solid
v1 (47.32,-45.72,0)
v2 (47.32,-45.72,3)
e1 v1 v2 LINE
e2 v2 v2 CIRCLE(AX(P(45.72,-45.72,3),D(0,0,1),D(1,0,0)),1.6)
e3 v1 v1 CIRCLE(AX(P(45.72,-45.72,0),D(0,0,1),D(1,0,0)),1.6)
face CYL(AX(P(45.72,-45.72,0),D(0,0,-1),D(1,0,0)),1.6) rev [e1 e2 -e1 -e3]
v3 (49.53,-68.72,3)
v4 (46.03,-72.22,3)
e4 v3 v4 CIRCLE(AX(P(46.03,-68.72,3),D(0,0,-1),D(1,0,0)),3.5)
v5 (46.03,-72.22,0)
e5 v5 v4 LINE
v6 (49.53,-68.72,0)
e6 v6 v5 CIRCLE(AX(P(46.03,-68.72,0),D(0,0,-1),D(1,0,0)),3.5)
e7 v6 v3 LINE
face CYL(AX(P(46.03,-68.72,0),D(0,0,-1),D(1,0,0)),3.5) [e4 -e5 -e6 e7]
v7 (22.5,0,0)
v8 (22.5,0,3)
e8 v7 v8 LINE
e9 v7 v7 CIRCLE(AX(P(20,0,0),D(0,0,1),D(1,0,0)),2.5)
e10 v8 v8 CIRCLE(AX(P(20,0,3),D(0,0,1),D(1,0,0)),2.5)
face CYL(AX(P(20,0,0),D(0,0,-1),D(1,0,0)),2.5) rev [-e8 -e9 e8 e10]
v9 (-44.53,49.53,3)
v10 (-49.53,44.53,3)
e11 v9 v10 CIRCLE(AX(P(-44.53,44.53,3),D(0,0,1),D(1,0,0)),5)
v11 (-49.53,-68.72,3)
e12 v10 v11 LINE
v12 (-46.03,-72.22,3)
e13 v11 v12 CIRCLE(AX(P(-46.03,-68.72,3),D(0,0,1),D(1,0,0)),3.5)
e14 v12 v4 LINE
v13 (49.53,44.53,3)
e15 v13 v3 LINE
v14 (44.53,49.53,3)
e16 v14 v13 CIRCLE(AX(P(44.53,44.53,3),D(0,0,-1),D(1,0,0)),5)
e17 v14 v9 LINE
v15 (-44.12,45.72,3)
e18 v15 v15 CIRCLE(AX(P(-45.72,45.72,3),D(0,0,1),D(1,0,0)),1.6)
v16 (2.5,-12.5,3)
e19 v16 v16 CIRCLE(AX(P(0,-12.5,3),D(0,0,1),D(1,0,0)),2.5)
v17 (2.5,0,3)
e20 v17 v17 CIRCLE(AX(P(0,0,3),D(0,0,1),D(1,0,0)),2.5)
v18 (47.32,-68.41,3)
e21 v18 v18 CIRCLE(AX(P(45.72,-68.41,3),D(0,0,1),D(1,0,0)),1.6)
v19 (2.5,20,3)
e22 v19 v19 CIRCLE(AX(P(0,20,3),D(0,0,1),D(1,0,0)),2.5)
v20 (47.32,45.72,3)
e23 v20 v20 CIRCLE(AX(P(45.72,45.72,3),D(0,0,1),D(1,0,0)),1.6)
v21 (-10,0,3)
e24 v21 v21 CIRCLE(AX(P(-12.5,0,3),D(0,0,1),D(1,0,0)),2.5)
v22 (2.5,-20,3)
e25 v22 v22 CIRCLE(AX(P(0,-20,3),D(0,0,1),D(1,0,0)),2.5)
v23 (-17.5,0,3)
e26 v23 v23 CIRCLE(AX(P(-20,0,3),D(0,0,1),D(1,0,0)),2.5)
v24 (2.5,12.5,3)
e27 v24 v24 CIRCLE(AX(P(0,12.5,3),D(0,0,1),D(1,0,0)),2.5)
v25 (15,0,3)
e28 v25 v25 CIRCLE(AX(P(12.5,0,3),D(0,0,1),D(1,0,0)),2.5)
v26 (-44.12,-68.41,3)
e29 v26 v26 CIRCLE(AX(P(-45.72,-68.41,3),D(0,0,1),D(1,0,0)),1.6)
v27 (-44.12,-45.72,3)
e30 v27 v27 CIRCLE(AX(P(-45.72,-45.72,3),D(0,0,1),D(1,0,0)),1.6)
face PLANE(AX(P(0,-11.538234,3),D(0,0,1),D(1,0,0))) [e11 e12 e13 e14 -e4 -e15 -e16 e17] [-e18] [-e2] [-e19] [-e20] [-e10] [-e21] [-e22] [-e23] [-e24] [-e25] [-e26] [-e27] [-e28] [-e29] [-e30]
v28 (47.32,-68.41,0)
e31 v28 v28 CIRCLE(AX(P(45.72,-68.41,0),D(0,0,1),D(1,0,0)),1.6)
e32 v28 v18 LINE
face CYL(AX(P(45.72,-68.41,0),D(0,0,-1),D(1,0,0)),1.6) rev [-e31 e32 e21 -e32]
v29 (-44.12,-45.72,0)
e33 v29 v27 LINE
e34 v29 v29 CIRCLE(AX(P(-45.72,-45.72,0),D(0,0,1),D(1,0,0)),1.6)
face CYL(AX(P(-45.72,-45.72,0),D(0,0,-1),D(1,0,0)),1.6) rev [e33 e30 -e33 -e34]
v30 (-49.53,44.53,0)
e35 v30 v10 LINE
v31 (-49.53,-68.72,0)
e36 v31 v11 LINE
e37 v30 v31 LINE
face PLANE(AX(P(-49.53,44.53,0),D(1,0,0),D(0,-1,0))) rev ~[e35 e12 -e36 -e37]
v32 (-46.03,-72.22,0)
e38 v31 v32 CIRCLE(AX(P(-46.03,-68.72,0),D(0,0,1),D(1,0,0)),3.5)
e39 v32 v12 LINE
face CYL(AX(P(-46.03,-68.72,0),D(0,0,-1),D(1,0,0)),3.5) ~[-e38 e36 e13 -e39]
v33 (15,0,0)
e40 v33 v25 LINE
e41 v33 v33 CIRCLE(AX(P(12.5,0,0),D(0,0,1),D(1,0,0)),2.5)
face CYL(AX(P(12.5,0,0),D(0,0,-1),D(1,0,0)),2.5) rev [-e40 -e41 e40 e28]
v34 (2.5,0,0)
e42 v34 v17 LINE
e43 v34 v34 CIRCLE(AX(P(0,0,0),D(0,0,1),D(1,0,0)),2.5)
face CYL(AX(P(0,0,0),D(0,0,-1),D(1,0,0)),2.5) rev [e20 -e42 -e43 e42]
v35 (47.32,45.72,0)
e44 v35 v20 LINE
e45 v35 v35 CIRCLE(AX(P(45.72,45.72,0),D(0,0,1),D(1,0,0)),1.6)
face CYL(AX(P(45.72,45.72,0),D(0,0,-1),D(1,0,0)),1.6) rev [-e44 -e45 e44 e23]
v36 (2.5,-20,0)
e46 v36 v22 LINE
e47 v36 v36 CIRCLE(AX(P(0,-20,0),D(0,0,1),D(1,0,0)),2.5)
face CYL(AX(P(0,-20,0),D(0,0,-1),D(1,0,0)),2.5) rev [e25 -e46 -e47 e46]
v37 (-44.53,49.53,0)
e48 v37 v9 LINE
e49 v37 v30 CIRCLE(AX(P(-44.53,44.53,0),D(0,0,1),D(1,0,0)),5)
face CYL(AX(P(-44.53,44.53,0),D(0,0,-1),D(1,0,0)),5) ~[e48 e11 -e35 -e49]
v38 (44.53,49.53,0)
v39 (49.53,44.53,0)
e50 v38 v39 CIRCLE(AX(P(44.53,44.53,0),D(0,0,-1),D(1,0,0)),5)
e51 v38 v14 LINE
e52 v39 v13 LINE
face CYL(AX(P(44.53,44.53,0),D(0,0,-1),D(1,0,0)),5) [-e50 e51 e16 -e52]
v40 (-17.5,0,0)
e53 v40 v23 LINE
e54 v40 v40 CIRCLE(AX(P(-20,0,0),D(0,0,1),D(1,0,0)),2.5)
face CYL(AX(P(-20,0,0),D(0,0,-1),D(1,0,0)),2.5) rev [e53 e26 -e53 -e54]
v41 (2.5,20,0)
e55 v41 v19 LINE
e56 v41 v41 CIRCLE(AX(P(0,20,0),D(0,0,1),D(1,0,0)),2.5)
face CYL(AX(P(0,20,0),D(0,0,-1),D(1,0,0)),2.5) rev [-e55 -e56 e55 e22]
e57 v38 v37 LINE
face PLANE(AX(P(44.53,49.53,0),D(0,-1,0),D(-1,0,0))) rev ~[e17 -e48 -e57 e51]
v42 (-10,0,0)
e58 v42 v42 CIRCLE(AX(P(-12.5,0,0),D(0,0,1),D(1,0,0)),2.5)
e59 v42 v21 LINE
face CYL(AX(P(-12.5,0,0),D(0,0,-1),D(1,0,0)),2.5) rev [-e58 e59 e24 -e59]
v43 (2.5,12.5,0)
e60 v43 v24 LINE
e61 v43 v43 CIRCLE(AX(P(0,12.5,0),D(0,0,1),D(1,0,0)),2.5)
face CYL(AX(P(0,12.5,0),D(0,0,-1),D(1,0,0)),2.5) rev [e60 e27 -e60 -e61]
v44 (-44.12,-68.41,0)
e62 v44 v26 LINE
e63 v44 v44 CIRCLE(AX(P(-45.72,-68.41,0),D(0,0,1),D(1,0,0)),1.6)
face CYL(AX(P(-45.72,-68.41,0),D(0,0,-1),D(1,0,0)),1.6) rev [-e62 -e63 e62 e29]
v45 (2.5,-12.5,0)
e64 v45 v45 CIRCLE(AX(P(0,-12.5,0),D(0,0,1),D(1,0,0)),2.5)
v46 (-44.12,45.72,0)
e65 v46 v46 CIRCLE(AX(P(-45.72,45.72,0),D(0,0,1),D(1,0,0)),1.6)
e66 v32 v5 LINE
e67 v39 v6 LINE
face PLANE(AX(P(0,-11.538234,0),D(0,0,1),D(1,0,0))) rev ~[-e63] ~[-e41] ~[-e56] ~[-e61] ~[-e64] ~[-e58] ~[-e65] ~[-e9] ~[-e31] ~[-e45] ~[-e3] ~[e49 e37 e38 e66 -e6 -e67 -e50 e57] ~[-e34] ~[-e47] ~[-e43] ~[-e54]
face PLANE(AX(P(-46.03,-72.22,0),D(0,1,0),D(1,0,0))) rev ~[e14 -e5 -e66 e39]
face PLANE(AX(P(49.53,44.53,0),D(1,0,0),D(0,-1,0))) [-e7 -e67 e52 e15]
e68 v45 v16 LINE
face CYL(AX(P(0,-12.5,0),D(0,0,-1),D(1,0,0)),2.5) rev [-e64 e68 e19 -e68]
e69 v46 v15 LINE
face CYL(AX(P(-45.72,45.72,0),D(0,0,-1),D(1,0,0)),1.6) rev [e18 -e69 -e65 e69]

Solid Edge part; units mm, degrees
sketch "Sketch1" plane through (0, 0, 0) normal (0, 0, 1) x (1, 0, 0)
  circle A0 centre (45.72, -45.72) radius 1.6
  line L0 (-49.53, 44.53) -> (-49.53, -68.72)
  arc A1 (-49.53, -68.72) -> (-46.03, -72.22) centre (-46.03, -68.72) ccw
  line L1 (-46.03, -72.22) -> (46.03, -72.22)
  arc A2 (49.53, -68.72) -> (46.03, -72.22) centre (46.03, -68.72) cw
  line L2 (49.53, 44.53) -> (49.53, -68.72)
  arc A3 (44.53, 49.53) -> (49.53, 44.53) centre (44.53, 44.53) cw
  line L3 (44.53, 49.53) -> (-44.53, 49.53)
  arc A4 (-44.53, 49.53) -> (-49.53, 44.53) centre (-44.53, 44.53) ccw
  circle A5 centre (45.72, 45.72) radius 1.6
  circle A6 centre (-45.72, -45.72) radius 1.6
  circle A7 centre (-45.72, 45.72) radius 1.6
  circle A8 centre (45.72, -68.41) radius 1.6
  circle A9 centre (-45.72, -68.41) radius 1.6
  circle A10 centre (0, -12.5) radius 2.5
  circle A11 centre (20, 0) radius 2.5
  circle A12 centre (0, 20) radius 2.5
  circle A13 centre (0, 0) radius 2.5
  circle A14 centre (-20, 0) radius 2.5
  circle A15 centre (0, 12.5) radius 2.5
  circle A16 centre (12.5, 0) radius 2.5
  circle A17 centre (0, -20) radius 2.5
  circle A18 centre (-12.5, 0) radius 2.5
  dimension "D1" = 3.2
  dimension "D2" = 5
  dimension "D3" = 5
  dimension "D4" = 3.81
  dimension "D5" = 3.81
  dimension "D6" = 3.81
  dimension "D7" = 113.25
  dimension "D8" = 113.25
  dimension "D9" = 3.5
  dimension "D10" = 3.5
  dimension "D11" = 3.81
  dimension "D12" = 3.81
  dimension "D13" = 3.81
  dimension "D14" = 3.81
  dimension "D15" = 5
  dimension "D16" = 5
  dimension "D17" = 5
  dimension "D18" = 5
  dimension "D19" = 5
  dimension "D20" = 5
  dimension "D21" = 5
  dimension "D22" = 5
  dimension "D23" = 5
extrude "Protrusion1" add sketch "Sketch1" along normal blind 3
properties material "Acrylic, high impact grade"
